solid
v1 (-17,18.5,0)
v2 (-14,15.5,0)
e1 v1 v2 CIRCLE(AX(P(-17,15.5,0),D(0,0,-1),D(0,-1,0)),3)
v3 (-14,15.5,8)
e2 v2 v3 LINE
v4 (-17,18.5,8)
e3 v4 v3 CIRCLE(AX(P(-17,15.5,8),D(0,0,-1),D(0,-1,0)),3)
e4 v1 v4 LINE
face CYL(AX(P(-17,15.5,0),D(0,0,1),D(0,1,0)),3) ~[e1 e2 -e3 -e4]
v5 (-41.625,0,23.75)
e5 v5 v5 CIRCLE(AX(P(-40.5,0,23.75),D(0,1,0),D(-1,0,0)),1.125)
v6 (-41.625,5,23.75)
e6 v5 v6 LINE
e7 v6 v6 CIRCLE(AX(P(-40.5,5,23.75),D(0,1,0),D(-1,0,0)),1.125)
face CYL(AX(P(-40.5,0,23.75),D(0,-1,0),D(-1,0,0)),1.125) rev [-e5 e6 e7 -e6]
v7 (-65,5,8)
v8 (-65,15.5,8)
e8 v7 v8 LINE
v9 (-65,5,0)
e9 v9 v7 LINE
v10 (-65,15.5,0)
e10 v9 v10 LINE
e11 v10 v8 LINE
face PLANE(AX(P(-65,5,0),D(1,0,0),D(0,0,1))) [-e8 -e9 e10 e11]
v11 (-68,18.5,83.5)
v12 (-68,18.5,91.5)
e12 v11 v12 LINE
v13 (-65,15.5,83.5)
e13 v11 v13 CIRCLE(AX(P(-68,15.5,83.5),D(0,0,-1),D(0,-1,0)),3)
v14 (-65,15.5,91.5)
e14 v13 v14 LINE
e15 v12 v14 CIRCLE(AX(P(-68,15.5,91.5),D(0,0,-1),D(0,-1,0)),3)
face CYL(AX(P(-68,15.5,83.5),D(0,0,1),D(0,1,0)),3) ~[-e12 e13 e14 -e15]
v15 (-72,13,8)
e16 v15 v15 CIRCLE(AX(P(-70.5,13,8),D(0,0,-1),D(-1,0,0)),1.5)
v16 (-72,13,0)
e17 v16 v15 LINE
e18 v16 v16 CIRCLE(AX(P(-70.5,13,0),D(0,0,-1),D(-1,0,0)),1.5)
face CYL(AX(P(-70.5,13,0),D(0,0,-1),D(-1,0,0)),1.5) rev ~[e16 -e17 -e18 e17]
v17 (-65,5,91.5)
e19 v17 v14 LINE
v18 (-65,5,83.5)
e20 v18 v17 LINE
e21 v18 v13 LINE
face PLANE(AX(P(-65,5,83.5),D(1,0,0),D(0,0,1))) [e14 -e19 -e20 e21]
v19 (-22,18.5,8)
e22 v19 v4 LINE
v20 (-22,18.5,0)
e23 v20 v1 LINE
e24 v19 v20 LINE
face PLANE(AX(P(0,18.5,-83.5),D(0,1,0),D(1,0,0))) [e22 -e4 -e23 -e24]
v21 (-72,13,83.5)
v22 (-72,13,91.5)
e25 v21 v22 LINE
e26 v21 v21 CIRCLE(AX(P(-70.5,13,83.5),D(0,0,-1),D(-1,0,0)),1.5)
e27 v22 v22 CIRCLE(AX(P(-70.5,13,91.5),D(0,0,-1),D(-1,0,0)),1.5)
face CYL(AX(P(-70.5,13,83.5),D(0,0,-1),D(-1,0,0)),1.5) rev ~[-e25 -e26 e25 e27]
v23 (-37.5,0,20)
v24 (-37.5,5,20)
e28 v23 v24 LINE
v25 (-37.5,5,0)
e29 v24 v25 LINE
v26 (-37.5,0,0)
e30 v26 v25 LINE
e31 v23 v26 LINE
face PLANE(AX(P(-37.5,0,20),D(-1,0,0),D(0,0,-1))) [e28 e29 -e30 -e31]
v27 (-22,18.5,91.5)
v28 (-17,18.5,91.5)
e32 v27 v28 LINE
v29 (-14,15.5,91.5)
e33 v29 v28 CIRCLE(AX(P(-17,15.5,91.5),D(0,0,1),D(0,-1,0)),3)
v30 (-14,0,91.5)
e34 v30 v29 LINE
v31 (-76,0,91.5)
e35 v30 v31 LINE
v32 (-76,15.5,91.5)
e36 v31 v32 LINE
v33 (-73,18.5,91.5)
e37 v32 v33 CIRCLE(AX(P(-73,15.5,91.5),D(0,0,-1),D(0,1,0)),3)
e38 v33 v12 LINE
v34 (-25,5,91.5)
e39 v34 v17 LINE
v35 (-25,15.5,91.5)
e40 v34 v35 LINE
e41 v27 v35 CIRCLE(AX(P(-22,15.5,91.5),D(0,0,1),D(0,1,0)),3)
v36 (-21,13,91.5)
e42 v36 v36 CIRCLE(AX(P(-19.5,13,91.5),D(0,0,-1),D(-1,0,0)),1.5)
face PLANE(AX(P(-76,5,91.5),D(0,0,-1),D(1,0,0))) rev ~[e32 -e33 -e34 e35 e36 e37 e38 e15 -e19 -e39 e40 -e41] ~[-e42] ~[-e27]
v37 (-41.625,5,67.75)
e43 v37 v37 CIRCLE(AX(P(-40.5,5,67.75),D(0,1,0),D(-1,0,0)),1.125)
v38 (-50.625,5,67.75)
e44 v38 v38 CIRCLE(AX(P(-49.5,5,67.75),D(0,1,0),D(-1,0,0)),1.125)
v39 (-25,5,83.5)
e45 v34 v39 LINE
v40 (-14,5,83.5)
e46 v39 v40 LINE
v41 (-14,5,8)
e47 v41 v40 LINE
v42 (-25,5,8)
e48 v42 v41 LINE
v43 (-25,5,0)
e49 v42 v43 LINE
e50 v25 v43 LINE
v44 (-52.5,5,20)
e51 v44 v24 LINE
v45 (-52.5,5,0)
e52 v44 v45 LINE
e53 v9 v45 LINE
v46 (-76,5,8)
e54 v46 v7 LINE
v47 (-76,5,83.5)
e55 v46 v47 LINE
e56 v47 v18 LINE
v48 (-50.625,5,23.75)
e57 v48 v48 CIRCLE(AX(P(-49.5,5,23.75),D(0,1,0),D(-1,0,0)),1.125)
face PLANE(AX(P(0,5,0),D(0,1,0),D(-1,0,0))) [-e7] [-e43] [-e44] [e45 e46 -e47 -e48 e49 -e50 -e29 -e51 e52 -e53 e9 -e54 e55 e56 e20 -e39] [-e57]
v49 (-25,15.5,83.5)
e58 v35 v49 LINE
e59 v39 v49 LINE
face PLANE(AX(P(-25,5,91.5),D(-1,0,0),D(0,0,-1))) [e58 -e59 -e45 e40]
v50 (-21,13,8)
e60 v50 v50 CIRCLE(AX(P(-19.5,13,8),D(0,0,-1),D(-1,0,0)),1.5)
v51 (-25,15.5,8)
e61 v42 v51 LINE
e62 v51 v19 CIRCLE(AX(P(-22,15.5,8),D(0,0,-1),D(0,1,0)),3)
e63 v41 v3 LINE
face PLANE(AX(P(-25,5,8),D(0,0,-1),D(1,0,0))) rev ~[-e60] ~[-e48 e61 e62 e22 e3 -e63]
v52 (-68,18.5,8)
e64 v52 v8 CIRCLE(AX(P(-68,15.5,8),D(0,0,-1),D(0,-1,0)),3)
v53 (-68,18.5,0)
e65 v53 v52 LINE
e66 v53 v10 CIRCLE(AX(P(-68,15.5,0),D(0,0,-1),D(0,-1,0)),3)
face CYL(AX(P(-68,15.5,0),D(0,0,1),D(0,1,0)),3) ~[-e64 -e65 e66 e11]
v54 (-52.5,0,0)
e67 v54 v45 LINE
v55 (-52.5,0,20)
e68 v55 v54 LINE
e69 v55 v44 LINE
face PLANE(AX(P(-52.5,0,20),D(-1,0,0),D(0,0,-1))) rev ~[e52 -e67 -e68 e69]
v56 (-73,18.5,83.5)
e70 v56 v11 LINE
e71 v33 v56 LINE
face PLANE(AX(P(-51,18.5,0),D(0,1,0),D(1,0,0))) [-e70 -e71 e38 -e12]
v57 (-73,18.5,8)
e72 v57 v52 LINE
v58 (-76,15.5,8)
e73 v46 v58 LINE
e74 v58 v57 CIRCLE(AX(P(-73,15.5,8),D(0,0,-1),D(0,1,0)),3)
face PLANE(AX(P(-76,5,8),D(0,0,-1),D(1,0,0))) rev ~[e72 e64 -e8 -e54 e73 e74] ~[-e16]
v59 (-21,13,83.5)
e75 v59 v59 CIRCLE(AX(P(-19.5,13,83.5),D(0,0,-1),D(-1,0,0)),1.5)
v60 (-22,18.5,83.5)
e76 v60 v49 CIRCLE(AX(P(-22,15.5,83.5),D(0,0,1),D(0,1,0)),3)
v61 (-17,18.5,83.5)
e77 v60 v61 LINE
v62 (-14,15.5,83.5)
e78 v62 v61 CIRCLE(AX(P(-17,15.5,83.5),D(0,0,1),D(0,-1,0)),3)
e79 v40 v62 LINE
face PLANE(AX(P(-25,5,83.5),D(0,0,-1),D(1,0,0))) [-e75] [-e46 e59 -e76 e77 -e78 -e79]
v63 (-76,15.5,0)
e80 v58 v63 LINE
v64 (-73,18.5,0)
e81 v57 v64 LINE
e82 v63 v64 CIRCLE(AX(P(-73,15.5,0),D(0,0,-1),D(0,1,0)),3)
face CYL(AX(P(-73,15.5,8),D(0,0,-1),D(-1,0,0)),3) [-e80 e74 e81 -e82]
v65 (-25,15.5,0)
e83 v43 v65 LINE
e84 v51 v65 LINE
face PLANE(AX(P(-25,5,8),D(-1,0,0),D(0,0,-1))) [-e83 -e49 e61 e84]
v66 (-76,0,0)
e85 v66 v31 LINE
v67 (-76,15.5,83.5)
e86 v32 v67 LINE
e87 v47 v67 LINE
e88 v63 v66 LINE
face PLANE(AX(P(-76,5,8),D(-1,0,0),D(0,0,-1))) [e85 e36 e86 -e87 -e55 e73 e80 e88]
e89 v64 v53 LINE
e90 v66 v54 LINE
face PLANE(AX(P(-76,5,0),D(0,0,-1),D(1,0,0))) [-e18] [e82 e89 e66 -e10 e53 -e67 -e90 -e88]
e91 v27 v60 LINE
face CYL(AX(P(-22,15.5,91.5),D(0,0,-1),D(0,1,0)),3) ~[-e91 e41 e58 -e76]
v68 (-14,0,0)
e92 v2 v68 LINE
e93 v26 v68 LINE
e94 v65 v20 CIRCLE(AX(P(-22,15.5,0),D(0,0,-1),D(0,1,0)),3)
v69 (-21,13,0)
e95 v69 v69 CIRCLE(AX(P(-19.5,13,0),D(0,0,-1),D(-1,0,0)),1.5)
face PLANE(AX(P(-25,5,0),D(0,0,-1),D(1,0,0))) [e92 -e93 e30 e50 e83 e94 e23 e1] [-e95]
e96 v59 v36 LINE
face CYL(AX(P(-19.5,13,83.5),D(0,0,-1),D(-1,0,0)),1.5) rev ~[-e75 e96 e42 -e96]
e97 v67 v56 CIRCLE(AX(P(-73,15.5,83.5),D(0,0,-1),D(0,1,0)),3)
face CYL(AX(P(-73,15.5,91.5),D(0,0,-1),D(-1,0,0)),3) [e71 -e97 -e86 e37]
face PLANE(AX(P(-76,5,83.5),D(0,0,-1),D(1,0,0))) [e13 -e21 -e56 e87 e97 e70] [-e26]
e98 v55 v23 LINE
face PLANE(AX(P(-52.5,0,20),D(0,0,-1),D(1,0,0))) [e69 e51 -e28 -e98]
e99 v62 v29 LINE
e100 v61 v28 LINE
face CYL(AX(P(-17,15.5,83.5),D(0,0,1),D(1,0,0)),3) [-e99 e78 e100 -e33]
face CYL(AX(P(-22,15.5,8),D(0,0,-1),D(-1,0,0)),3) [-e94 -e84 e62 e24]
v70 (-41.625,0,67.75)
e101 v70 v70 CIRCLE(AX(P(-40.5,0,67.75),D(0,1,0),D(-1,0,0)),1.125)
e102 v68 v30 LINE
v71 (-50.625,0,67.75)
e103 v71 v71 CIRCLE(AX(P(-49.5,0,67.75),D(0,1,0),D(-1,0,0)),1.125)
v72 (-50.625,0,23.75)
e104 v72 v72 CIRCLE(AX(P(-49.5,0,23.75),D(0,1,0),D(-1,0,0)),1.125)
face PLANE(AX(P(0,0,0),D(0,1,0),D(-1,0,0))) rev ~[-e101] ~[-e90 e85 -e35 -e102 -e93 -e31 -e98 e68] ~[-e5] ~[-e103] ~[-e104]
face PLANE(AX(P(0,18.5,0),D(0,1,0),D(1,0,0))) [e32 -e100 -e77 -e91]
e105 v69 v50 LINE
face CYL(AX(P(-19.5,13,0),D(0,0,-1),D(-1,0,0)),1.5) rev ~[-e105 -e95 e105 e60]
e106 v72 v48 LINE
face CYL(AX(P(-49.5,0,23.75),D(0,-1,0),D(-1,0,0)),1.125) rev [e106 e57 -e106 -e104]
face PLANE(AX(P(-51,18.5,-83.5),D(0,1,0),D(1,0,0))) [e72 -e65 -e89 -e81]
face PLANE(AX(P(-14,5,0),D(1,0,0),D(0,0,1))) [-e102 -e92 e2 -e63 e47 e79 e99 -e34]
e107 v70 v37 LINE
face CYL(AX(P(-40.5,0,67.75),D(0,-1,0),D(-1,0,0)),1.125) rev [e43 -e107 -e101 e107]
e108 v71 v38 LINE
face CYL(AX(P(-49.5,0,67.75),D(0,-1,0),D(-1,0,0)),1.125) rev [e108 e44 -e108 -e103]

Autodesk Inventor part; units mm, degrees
ref_plane "YZ Plane" through (0, 0, 0) normal (1, 0, 0) x (0, 1, 0)
ref_plane "XZ Plane" through (0, 0, 0) normal (0, 1, 0) x (-1, 0, 0)
ref_plane "XY Plane" through (0, 0, 0) normal (0, 0, 1) x (1, 0, 0)
sketch "Sketch1" plane through (0, 0, 0) normal (0, 1, 0) x (-1, 0, 0)
  line L0 (14, 91.5) -> (76, 91.5)
  line L1 (45, 91.5) -> (45, 1.5) construction
  circle A0 centre (49.5, 67.75) radius 1.125
  circle A1 centre (49.5, 23.75) radius 1.125
  line L2 (0, 45.75) -> (90, 45.75) construction
  circle A2 centre (40.5, 67.75) radius 1.125
  circle A3 centre (40.5, 23.75) radius 1.125
  line L3 (37.5, 20) -> (37.5, 0)
  line L4 (52.5, 20) -> (52.5, 0)
  line L5 (76, 0) -> (52.5, 0)
  line L6 (37.5, 0) -> (0, 0)
  line L7 (52.5, 20) -> (37.5, 20)
  line L8 (14, 0) -> (14, 91.5)
  line L9 (76, 0) -> (76, 91.5)
  dimension "d4" = 2.25
  dimension "d5" = 2.25
  dimension "d6" = 22
  dimension "d7" = 22
  dimension "d8" = 4.5
  dimension "d9" = 4.5
  dimension "d45" = 20
extrude "Extrusion1" add sketch "Sketch1" along normal blind 5
sketch "Sketch4" plane through (0, 5, 0) normal (0, 1, 0) x (1, 0, 0)
  line L0 (-37.5, -20) -> (-52.5, -20) projected
  line L1 (-76, -91.5) -> (-14, -91.5) projected
  line L2 (-45, -91.5) -> (-45, -20) construction
  line L3 (-25, -83.5) -> (-14, -83.5)
  line L4 (-14, -83.5) -> (-14, -91.5)
  line L5 (-14, -91.5) -> (-25, -91.5)
  line L6 (-25, -91.5) -> (-25, -83.5)
  dimension "d28" = 11
  dimension "d29" = 8
  dimension "d30" = 0
  dimension "d31" = 20
extrude "Extrusion4" add sketch "Sketch4" along normal blind 13.5
sketch "Sketch5" plane through (-14, 5, 83.5) normal (0, 0, -1) x (-1, 0, 0)
  line L0 (11, 0) -> (11, 13.5) projected
  line L1 (0, 13.5) -> (11, 13.5) projected
  circle A0 centre (5.5, 8) radius 1.5
  point P0 (-14, -5)
  dimension "d34" = 3
  dimension "d35" = 5.5
  dimension "d36" = 5.5
extrude "Extrusion5" cut sketch "Sketch5" against normal blind 8
fillet "Fillet1" radius 3 2 edges at (-14, 18.5, 87.5) (-25, 18.5, 87.5)
pattern_linear "Rectangular Pattern4" count 2 spacing 83.5 along (0, 0, -1) count 2 spacing 51 along (-1, 0, 0) of "Extrusion4", "Fillet1", "Extrusion5"
properties part number "Base1"
